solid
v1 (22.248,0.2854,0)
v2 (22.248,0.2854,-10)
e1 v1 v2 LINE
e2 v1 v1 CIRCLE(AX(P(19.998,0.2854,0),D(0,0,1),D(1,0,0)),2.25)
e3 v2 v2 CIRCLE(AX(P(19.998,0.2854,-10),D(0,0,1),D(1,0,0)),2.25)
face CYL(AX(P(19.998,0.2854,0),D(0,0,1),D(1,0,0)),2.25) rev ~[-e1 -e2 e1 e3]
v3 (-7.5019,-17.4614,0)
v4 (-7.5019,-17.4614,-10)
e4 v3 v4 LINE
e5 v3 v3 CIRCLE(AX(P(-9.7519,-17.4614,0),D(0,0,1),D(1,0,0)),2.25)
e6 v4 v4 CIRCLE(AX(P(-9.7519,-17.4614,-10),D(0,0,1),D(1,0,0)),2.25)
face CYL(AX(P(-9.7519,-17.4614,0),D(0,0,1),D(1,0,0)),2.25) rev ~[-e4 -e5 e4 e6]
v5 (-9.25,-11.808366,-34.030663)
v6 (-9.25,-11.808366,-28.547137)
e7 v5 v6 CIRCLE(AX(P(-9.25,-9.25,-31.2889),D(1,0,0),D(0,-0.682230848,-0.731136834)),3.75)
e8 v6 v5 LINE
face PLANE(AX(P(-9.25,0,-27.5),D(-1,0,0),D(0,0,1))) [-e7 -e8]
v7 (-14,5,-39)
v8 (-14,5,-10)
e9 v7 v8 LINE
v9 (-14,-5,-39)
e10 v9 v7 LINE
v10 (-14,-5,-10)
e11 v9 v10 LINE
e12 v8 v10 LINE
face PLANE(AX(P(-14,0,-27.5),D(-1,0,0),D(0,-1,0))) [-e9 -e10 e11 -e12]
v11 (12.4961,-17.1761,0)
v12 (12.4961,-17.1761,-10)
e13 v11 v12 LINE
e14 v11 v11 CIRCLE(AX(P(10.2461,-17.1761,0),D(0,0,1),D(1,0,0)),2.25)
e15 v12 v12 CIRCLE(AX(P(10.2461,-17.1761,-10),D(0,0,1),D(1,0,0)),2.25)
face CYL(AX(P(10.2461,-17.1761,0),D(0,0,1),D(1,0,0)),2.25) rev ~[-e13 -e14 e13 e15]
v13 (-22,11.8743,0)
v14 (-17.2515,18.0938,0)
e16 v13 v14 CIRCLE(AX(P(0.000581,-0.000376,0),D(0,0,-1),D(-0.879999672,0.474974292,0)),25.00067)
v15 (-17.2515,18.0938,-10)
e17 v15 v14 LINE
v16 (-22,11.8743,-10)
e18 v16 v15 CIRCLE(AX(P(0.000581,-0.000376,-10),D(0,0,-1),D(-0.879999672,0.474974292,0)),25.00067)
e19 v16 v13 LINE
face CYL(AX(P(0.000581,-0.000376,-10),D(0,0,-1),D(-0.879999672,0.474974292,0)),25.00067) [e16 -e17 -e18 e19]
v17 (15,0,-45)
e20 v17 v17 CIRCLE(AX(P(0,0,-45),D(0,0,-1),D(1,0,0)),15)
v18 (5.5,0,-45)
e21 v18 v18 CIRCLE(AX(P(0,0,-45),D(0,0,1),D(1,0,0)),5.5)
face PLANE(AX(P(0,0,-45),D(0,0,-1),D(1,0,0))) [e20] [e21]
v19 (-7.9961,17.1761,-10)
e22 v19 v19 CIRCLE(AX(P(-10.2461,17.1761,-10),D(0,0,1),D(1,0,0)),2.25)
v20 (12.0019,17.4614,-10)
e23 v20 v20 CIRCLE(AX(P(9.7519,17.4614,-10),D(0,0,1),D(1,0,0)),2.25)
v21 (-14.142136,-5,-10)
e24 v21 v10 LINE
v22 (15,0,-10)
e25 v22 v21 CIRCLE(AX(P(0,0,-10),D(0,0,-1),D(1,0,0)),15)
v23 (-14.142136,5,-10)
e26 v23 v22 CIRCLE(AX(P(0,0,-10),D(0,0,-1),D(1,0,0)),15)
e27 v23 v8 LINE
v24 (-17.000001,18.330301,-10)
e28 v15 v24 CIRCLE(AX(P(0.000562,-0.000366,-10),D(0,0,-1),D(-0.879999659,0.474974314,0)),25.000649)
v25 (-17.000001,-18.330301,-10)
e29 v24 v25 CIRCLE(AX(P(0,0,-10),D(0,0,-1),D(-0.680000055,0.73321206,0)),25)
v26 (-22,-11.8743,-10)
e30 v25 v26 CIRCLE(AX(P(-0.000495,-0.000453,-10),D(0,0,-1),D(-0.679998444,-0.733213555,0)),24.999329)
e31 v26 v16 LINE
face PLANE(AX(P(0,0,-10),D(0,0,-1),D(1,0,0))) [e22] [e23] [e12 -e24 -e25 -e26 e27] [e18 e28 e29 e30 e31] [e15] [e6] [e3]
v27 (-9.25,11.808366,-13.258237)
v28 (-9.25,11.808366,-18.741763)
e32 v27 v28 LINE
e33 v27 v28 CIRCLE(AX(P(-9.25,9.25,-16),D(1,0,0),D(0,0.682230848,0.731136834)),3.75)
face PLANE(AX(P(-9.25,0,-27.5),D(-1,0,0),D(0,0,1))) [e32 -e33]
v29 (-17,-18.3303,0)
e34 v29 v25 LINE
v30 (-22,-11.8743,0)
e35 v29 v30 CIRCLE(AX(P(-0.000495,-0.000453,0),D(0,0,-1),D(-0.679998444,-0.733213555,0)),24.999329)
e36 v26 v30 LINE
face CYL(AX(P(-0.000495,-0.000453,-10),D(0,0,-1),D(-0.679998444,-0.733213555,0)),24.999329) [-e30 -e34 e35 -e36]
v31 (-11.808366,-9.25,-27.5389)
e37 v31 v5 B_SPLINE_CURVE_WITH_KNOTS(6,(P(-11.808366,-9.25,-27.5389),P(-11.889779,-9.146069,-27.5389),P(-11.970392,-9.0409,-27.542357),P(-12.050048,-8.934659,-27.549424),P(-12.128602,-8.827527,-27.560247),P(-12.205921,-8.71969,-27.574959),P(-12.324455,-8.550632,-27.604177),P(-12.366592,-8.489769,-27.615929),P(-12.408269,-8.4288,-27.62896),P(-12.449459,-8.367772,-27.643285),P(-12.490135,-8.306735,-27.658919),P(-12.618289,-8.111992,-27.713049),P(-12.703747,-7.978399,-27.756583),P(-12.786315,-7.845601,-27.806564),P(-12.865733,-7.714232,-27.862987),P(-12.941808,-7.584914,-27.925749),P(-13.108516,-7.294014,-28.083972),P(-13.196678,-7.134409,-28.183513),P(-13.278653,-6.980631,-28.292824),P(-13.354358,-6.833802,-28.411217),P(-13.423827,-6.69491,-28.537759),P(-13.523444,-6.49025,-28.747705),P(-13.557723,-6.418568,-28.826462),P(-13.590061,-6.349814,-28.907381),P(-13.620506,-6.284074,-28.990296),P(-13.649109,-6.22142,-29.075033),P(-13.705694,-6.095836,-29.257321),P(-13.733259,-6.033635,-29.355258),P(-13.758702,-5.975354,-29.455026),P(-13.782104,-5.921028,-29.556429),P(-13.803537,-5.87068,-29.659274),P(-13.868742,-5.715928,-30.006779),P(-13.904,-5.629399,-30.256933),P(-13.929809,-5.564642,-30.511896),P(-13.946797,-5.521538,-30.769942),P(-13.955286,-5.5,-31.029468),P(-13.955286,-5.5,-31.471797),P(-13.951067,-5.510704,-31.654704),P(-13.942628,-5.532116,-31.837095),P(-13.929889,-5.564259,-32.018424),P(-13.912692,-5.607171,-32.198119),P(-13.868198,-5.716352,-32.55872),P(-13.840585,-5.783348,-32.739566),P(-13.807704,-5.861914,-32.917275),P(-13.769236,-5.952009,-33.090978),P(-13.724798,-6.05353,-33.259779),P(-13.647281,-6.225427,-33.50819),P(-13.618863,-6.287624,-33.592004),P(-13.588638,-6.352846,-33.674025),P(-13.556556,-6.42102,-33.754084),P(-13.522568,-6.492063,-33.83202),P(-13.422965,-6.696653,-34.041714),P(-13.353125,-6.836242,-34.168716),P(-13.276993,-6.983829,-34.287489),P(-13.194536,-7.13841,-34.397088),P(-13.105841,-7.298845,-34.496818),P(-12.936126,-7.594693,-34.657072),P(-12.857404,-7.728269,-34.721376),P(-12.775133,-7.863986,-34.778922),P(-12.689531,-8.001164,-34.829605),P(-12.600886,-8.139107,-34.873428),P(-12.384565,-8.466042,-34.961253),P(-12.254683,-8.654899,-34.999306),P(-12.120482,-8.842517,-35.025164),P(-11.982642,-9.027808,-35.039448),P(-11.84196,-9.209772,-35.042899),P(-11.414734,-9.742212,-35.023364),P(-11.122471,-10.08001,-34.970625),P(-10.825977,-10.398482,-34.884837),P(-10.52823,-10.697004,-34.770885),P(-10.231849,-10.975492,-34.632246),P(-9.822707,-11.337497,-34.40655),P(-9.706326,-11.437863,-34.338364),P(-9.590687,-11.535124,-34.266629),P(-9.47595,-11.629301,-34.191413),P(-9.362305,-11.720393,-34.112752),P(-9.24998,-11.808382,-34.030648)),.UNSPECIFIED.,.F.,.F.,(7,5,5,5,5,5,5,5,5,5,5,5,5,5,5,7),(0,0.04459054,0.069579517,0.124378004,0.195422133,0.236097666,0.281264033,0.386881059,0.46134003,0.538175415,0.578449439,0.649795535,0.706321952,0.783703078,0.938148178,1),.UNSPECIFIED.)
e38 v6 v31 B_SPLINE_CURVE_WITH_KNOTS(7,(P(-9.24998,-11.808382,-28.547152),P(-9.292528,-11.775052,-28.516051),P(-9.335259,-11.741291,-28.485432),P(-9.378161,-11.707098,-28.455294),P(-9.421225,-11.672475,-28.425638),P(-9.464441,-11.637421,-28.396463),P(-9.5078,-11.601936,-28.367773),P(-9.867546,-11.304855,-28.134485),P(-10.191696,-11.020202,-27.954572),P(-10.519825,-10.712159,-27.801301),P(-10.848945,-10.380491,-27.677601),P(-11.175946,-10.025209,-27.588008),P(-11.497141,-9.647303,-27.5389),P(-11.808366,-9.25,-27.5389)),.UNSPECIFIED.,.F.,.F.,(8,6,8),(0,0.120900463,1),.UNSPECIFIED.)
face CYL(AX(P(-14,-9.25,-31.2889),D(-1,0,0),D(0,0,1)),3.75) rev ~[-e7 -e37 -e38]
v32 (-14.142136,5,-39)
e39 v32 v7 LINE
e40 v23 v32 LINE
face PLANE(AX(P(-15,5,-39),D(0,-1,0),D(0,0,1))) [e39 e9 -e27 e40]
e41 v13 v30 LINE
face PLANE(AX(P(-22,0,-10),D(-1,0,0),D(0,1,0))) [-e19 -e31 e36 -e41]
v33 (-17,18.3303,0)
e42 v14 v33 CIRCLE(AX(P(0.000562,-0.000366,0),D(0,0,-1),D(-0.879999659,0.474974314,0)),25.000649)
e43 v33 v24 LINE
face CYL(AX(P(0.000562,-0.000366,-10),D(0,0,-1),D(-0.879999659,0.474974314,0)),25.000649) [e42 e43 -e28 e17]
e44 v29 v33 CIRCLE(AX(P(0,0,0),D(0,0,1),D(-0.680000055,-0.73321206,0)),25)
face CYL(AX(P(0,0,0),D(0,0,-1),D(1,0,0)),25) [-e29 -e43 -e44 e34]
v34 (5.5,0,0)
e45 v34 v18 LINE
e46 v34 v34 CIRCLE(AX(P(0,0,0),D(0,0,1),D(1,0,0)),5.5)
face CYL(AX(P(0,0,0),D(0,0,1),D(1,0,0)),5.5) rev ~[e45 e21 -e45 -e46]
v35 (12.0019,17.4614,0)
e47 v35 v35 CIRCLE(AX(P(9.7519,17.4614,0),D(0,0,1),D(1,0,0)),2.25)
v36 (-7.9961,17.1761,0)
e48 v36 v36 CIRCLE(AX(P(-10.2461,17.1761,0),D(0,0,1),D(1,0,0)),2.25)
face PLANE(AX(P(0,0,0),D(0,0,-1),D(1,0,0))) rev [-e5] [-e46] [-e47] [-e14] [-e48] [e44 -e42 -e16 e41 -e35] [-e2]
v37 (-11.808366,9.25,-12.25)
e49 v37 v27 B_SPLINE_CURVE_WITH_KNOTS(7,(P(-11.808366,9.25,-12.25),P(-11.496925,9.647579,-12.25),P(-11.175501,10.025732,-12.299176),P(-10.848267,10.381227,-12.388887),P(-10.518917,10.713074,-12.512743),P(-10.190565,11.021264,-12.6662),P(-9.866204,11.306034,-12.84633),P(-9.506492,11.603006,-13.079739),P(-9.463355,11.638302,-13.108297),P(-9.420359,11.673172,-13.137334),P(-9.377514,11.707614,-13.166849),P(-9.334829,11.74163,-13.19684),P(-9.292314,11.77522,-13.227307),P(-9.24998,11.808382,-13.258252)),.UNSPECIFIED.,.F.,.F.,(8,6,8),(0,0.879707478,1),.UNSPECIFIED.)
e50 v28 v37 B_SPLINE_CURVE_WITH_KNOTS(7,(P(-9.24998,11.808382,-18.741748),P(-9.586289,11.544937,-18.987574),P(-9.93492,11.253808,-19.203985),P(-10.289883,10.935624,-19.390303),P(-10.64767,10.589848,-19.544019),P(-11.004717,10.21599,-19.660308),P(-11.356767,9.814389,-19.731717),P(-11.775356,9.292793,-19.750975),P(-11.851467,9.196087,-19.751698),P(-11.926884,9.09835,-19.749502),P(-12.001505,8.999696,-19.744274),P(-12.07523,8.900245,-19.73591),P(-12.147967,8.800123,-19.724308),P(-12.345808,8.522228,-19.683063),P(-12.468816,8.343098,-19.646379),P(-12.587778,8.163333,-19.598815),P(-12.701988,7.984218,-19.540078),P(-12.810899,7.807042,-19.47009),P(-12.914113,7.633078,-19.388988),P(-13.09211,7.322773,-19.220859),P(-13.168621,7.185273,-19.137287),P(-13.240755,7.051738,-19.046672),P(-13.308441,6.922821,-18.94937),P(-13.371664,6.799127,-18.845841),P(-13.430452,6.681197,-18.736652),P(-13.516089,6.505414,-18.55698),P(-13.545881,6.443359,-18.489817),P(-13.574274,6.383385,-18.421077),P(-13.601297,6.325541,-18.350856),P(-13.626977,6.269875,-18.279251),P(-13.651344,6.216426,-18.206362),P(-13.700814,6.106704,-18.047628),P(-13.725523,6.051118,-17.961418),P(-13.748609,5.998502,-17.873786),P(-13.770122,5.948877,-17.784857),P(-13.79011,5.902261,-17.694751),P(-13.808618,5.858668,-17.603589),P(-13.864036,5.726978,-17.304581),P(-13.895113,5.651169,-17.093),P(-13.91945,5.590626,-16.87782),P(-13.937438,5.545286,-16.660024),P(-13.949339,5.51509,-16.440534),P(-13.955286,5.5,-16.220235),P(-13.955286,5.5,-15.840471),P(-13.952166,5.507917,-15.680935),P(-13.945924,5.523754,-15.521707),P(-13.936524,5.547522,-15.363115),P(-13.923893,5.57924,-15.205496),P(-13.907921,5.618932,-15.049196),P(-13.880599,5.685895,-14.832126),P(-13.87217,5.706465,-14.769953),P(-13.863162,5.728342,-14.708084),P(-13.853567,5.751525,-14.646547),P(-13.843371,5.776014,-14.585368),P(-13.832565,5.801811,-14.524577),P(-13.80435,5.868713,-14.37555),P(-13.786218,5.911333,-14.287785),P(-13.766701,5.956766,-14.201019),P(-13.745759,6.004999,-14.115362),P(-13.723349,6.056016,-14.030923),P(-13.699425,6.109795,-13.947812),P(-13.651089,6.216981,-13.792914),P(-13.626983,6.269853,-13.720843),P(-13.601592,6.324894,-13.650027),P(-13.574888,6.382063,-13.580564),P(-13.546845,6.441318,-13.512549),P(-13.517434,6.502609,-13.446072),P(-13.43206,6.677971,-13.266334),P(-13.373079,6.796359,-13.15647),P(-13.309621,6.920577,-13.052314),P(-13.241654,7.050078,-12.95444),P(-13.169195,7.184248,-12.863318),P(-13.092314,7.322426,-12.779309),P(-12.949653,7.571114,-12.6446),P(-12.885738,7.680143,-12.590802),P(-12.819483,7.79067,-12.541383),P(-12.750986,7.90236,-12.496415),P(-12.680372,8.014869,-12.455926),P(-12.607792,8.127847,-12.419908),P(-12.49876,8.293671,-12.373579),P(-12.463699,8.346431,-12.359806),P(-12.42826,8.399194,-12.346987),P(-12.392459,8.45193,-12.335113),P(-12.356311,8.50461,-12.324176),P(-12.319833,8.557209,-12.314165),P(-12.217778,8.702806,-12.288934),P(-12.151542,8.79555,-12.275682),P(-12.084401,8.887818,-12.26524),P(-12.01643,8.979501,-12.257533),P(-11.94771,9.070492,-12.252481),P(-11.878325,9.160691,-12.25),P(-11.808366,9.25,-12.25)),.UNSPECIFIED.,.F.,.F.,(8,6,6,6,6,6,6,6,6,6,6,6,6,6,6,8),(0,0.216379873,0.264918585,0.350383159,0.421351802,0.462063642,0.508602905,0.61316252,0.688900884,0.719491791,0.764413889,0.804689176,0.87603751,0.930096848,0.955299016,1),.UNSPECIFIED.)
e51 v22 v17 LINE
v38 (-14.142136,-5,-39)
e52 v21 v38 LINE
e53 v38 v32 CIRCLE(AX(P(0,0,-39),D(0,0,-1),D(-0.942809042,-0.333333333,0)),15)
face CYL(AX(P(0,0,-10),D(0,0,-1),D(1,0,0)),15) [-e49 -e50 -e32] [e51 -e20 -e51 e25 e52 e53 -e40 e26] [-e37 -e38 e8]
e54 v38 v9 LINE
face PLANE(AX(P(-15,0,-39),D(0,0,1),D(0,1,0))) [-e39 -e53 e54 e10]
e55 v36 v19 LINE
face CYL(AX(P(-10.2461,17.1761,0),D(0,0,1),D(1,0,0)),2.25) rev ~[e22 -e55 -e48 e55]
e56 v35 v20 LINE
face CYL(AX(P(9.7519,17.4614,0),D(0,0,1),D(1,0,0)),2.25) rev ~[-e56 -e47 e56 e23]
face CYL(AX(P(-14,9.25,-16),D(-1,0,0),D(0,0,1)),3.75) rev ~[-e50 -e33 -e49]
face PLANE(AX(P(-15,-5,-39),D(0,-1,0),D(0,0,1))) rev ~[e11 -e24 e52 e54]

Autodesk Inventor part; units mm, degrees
ref_plane "YZ Plane" through (0, 0, 0) normal (1, 0, 0) x (0, 1, 0)
ref_plane "XZ Plane" through (0, 0, 0) normal (0, 1, 0) x (-1, 0, 0)
sketch "Sketch1" plane through (0, 0, 0) normal (0, 1, 0) x (-1, 0, 0)
  line L0 (0, 0) -> (-25, 0)
  line L1 (-25, 0) -> (-25, -10)
  line L2 (-25, -10) -> (-15, -10)
  line L3 (-15, -10) -> (-15, -45)
  line L4 (-15, -45) -> (0, -45)
  line L5 (0, 0) -> (0, -45)
  dimension "d3" = 25
  dimension "d4" = 10
  dimension "d5" = 10
  dimension "d6" = 35
  dimension "d7" = 15
revolve "Revolution1" add sketch "Sketch1" angle 360 about axis through (0, 0, 0) along (0, 0, -1)
sketch "Sketch2" plane through (0, 0, 0) normal (0, 0, 1) x (1, 0, 0)
  line L0 (0, 0) -> (30.242, 0) construction
  line L1 (0, 0.5707) -> (22.435, 0.5707) construction
  circle A0 centre (9.7519, 17.4614) radius 2.25
  circle A1 centre (19.998, 0.2854) radius 2.25
  circle A2 centre (10.2461, -17.1761) radius 2.25
  circle A3 centre (-9.7519, -17.4614) radius 2.25
  circle A4 centre (-19.998, -0.2854) radius 2.25
  circle A5 centre (-10.2461, 17.1761) radius 2.25
  dimension "d12" = 4.5
  dimension "d15" = 360
extrude "Extrusion1" cut sketch "Sketch2" against normal through all
sketch "Sketch3" plane through (0, 0, 0) normal (0, 0, 1) x (1, 0, 0)
  circle A0 centre (0, 0) radius 5.5
  dimension "d19" = 11
extrude "Extrusion2" cut sketch "Sketch3" against normal through all
thread "Thread1" size "1/2-13 UNC" class "2B" standard "ANSI Unified Screw Threads" full length
sketch "Sketch4" plane through (0, 0, 0) normal (0, 0, 1) x (1, 0, 0)
  circle A0 centre (0, 0) radius 25 projected
  line L0 (-17, 0) -> (-17, 18.3303)
  line L1 (-17, 0) -> (-17, -18.3303)
extrude "Extrusion3" cut sketch "Sketch4" against normal blind 15 contours L0 L1 A0 picked at (-18.2676, -10.7318)
ref_plane "Work Plane1" through (-15, 0, -27.5) normal (-1, 0, 0) x (0, -1, 0)
sketch "Sketch5" plane through (-15, 0, -27.5) normal (-1, 0, 0) x (0, -1, 0)
  line L0 (1.9646, 17.5) -> (-2.5354, 17.5) projected
  line L1 (15, -17.5) -> (-15, -17.5) projected
  line L2 (0, -11.5) -> (-5, -11.5)
  line L3 (-5.5, 27.5) -> (-5.5, -17.5) projected
  line L4 (-5, -11.5) -> (-5, 17.5)
  line L5 (15, 17.5) -> (-15, 17.5) projected
  line L6 (0, -11.5) -> (5, -11.5)
  line L7 (5, -11.5) -> (5, 17.5)
  line L8 (5, 17.5) -> (-5, 17.5)
  point P0 (0, 27.5)
extrude "Extrusion4" cut sketch "Sketch5" against normal blind 1
sketch "Sketch9" plane through (0, 0, -10) normal (0, 0, -1) x (-1, 0, 0)
  line L0 (14, 5) -> (14, -5) projected
  line L1 (14, 0) -> (22, 0)
  line L2 (22, 0) -> (22, -11.8743)
  line L3 (22, -11.8743) -> (22, 11.8743)
  arc A0 (22, 11.8743) -> (17.2515, 18.0938) centre (0, 0) ccw
  line L4 (17, -18.3303) -> (17, 18.3303) projected
  line L5 (17, 18.3303) -> (17, -18.3303)
  line L6 (17, 18.3303) -> (17, -18.3303) projected
  arc A1 (17, -18.3303) -> (22, -11.8743) centre (0, 0) ccw
  arc A2 (22, 11.8743) -> (17, 18.3303) centre (0, 0) ccw
  arc A3 (14.1421, 5) -> (14.1421, -5) centre (0, 0) ccw projected
  dimension "d59" = 8
extrude "Extrusion5" add sketch "Sketch9" against normal blind 10
sketch "Sketch20" plane through (-14, 0, -27.5) normal (-1, 0, 0) x (0, 0, 1)
  line L0 (17.5, -11.8743) -> (17.5, 11.8743) projected
  circle A0 centre (11.5, 9.25) radius 3.75
  line L1 (-17.5, -15) -> (-17.5, 15) projected
  line L2 (11.5, 9.25) -> (-3.7889, -9.25)
  circle A1 centre (-3.7889, -9.25) radius 3.75
  point P0 (27.5, 0)
  dimension "d85" = 7.5
  dimension "d87" = 24
  dimension "d88" = 7.5
extrude "Extrusion8" cut sketch "Sketch20" against normal blind 4.75
sketch "Sketch21" plane through (-22, -11.8743, -10) normal (0, 0, -1) x (-1, 0, 0)
  point P0 (-22, 11.8743)
sketch "Sketch22" plane through (-22, -11.8743, -10) normal (0, 0, -1) x (-1, 0, 0)
  point P0 (-22, 11.8743)
properties part number "nut"
